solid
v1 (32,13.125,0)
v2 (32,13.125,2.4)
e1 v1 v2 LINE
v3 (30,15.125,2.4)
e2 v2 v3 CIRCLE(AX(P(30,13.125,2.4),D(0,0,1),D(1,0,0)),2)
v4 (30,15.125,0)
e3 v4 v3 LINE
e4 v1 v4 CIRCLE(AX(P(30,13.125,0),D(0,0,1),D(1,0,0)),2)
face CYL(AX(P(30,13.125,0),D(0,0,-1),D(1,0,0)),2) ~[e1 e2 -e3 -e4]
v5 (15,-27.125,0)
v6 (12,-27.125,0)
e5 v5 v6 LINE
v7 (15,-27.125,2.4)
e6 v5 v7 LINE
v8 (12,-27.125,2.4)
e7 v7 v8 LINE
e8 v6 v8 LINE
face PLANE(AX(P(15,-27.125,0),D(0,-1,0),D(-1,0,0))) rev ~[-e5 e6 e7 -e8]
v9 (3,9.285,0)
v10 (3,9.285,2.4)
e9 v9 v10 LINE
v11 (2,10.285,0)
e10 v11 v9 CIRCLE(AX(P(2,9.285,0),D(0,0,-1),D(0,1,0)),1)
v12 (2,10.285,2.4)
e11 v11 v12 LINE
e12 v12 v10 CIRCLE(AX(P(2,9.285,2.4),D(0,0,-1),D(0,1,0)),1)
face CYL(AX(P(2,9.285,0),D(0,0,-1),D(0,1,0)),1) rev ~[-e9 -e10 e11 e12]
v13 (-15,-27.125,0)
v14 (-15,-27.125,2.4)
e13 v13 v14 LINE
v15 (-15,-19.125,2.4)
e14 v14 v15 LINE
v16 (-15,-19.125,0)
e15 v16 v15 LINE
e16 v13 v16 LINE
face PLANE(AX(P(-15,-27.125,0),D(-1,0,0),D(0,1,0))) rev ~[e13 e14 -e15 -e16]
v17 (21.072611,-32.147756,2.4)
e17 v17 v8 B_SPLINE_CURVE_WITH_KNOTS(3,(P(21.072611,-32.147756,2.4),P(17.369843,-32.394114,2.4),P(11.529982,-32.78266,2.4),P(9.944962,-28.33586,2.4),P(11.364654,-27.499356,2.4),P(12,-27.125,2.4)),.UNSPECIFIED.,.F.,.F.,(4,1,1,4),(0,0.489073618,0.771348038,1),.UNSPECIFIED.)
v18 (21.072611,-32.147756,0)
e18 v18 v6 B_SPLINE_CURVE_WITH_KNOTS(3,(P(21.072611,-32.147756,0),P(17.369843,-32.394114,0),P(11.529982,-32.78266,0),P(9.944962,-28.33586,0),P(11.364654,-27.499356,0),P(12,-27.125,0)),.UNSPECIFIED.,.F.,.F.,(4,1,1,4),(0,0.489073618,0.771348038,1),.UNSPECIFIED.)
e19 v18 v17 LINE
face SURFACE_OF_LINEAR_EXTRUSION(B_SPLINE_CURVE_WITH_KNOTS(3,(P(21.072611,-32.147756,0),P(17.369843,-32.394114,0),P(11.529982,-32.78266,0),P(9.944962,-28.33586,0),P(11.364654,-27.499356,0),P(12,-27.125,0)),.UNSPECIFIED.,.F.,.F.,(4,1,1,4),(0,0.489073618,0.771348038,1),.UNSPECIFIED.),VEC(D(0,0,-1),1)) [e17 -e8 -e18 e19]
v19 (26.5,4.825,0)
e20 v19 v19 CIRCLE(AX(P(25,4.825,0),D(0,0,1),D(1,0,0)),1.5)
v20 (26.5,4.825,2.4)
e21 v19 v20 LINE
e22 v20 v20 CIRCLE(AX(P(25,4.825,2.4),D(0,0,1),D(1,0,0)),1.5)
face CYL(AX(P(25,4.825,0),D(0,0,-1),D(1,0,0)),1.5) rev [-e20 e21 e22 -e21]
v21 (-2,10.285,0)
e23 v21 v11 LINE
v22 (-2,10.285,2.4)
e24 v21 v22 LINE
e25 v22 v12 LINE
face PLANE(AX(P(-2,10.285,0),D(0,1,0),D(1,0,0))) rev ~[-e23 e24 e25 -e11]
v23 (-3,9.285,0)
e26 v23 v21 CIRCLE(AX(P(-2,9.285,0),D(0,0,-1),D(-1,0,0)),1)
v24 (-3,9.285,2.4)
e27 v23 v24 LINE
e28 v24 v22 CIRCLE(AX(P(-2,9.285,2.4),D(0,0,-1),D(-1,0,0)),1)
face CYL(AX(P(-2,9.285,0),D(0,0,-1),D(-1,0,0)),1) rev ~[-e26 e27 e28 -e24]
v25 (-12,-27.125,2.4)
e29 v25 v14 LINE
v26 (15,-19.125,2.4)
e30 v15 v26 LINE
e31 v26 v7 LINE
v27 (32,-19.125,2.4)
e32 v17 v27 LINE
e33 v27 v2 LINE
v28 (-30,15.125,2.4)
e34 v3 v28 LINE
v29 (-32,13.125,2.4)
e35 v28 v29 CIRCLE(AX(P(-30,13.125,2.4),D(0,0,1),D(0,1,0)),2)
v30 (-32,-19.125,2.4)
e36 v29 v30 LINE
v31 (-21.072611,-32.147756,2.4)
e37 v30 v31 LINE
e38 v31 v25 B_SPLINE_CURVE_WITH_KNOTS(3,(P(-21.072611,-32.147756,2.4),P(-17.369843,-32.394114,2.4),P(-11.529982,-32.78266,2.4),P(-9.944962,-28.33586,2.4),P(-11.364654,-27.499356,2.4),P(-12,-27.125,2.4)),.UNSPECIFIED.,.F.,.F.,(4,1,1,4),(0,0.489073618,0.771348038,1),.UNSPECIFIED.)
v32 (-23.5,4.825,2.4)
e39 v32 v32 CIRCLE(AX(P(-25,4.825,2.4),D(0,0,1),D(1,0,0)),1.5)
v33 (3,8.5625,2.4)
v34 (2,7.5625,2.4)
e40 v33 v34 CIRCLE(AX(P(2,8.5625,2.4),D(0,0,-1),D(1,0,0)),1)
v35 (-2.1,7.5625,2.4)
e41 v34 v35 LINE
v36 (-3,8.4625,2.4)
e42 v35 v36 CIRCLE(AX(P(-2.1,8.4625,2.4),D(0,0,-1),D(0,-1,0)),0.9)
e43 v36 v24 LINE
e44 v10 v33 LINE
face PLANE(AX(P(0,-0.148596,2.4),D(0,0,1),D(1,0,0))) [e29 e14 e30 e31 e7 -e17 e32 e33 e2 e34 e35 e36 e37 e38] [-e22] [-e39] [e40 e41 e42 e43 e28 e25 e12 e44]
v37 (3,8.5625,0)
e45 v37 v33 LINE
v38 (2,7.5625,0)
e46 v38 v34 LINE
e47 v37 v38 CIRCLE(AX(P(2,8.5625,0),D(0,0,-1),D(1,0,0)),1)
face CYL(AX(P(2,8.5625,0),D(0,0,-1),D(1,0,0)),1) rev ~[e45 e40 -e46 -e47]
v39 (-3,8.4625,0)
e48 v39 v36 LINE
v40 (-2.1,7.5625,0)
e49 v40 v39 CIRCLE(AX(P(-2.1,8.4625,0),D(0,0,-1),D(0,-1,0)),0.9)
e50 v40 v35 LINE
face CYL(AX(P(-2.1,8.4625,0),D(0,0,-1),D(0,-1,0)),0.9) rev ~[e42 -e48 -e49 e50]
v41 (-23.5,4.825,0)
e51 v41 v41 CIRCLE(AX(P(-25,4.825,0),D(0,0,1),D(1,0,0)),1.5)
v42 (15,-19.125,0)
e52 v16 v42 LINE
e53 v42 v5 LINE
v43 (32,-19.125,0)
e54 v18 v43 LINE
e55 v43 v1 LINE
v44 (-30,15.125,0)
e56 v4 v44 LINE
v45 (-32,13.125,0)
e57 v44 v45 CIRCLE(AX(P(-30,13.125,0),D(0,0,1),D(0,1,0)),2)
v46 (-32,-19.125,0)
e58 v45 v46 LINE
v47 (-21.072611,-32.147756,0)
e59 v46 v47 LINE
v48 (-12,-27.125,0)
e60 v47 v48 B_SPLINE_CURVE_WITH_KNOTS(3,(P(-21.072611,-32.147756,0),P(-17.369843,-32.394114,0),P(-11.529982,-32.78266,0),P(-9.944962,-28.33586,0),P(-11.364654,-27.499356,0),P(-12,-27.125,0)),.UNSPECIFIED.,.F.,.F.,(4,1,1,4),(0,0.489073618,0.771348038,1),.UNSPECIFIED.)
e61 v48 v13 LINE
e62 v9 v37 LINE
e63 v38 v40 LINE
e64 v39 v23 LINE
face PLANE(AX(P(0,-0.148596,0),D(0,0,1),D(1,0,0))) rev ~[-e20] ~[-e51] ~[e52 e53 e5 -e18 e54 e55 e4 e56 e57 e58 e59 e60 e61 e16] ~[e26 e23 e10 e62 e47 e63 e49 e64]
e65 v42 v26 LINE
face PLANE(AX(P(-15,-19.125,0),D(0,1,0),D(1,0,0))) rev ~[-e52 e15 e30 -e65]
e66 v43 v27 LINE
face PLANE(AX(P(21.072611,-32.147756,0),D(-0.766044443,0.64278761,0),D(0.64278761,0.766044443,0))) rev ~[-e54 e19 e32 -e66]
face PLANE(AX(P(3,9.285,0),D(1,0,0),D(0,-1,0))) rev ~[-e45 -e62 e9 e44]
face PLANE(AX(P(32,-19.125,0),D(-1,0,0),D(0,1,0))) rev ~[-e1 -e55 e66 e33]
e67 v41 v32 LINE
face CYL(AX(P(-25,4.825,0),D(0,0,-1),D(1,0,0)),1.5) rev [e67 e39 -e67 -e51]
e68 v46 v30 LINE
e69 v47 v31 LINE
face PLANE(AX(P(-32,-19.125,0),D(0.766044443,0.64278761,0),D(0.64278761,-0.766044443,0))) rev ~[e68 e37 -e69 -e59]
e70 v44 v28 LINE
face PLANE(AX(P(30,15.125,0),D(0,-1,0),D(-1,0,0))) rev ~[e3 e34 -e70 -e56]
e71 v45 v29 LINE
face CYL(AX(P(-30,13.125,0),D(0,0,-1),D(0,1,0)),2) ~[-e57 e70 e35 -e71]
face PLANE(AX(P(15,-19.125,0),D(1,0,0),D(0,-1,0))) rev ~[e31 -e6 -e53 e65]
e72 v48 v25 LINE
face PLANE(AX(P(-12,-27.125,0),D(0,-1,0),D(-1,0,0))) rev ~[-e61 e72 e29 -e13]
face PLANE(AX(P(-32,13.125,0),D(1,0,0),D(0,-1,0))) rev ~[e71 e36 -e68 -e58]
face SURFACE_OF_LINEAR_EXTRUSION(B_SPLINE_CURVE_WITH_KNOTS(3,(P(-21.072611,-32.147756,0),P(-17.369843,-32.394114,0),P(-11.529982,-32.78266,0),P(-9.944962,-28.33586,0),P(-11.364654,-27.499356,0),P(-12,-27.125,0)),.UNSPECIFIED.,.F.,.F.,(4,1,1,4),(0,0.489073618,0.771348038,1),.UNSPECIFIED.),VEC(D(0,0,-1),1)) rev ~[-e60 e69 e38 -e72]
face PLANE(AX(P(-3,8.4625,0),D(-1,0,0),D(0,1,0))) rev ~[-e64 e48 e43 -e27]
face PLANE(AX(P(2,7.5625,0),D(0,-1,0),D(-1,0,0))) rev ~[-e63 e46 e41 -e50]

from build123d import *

# Parameters (mm, degrees)
F0_R     = 1.5
F1_DEPTH = 2.4


with BuildPart() as f1:
    # F0 (on Top) → F1 (new body)
    with BuildSketch(Plane.XY):
        with BuildLine():
            Line((0, 15.125), (-30, 15.125))
            ThreePointArc((-30, 15.125), (-31.4142135624, 14.5392135624), (-32, 13.125))
            Line((-32, 13.125), (-32, -15.125))
            Line((-32, -15.125), (32, -15.125))
            Line((32, -15.125), (32, 13.125))
            ThreePointArc((32, 13.125), (31.4142135624, 14.5392135624), (30, 15.125))
            Line((30, 15.125), (0, 15.125))
        make_face()
        with Locations((-25, 4.825)):
            Circle(F0_R, mode=Mode.SUBTRACT)
        with BuildLine():
            Line((-2, 10.285), (0, 10.285))
            Line((0, 10.285), (2, 10.285))
            ThreePointArc((2, 10.285), (2.7071067812, 9.9921067812), (3, 9.285))
            Line((3, 9.285), (3, 8.5625))
            ThreePointArc((3, 8.5625), (2.7071067812, 7.8553932188), (2, 7.5625))
            Line((2, 7.5625), (0, 7.5625))
            Line((0, 7.5625), (-2.1, 7.5625))
            ThreePointArc((-2.1, 7.5625), (-2.7363961031, 7.8261038969), (-3, 8.4625))
            Line((-3, 8.4625), (-3, 9.285))
            ThreePointArc((-3, 9.285), (-2.7071067812, 9.9921067812), (-2, 10.285))
        make_face(mode=Mode.SUBTRACT)
        with Locations((25, 4.825)):
            Circle(F0_R, mode=Mode.SUBTRACT)
        Polygon((32, -15.125), (-32, -15.125), (-32, -19.125), (-15, -19.125), (0, -19.125), (15, -19.125), (32, -19.125), align=None)
        with BuildLine():
            Line((-15, -19.125), (-32, -19.125))
            Line((-32, -19.125), (-21.0726106353, -32.147755533))
            add(Edge.make_bspline(
                [(-21.0726106353, -32.147755533), (-17.3698433438, -32.3941137596), (-11.5299816466, -32.7826604485), (-9.9449620452, -28.3358600834), (-11.3646535712, -27.4993559227), (-12, -27.125)],
                knots=[0, 0, 0, 0, 0.4890736176, 0.7713480383, 1, 1, 1, 1], degree=3))
            Line((-12, -27.125), (-15, -27.125))
            Line((-15, -27.125), (-15, -19.125))
        make_face()
        with BuildLine():
            Line((21.0726106353, -32.147755533), (32, -19.125))
            Line((32, -19.125), (15, -19.125))
            Line((15, -19.125), (15, -27.125))
            Line((15, -27.125), (12, -27.125))
            add(Edge.make_bspline(
                [(21.0726106353, -32.147755533), (17.3698433438, -32.3941137596), (11.5299816466, -32.7826604485), (9.9449620452, -28.3358600834), (11.3646535712, -27.4993559227), (12, -27.125)],
                knots=[0, 0, 0, 0, 0.4890736176, 0.7713480383, 1, 1, 1, 1], degree=3))
        make_face()
    extrude(amount=F1_DEPTH)


solid = f1.part
